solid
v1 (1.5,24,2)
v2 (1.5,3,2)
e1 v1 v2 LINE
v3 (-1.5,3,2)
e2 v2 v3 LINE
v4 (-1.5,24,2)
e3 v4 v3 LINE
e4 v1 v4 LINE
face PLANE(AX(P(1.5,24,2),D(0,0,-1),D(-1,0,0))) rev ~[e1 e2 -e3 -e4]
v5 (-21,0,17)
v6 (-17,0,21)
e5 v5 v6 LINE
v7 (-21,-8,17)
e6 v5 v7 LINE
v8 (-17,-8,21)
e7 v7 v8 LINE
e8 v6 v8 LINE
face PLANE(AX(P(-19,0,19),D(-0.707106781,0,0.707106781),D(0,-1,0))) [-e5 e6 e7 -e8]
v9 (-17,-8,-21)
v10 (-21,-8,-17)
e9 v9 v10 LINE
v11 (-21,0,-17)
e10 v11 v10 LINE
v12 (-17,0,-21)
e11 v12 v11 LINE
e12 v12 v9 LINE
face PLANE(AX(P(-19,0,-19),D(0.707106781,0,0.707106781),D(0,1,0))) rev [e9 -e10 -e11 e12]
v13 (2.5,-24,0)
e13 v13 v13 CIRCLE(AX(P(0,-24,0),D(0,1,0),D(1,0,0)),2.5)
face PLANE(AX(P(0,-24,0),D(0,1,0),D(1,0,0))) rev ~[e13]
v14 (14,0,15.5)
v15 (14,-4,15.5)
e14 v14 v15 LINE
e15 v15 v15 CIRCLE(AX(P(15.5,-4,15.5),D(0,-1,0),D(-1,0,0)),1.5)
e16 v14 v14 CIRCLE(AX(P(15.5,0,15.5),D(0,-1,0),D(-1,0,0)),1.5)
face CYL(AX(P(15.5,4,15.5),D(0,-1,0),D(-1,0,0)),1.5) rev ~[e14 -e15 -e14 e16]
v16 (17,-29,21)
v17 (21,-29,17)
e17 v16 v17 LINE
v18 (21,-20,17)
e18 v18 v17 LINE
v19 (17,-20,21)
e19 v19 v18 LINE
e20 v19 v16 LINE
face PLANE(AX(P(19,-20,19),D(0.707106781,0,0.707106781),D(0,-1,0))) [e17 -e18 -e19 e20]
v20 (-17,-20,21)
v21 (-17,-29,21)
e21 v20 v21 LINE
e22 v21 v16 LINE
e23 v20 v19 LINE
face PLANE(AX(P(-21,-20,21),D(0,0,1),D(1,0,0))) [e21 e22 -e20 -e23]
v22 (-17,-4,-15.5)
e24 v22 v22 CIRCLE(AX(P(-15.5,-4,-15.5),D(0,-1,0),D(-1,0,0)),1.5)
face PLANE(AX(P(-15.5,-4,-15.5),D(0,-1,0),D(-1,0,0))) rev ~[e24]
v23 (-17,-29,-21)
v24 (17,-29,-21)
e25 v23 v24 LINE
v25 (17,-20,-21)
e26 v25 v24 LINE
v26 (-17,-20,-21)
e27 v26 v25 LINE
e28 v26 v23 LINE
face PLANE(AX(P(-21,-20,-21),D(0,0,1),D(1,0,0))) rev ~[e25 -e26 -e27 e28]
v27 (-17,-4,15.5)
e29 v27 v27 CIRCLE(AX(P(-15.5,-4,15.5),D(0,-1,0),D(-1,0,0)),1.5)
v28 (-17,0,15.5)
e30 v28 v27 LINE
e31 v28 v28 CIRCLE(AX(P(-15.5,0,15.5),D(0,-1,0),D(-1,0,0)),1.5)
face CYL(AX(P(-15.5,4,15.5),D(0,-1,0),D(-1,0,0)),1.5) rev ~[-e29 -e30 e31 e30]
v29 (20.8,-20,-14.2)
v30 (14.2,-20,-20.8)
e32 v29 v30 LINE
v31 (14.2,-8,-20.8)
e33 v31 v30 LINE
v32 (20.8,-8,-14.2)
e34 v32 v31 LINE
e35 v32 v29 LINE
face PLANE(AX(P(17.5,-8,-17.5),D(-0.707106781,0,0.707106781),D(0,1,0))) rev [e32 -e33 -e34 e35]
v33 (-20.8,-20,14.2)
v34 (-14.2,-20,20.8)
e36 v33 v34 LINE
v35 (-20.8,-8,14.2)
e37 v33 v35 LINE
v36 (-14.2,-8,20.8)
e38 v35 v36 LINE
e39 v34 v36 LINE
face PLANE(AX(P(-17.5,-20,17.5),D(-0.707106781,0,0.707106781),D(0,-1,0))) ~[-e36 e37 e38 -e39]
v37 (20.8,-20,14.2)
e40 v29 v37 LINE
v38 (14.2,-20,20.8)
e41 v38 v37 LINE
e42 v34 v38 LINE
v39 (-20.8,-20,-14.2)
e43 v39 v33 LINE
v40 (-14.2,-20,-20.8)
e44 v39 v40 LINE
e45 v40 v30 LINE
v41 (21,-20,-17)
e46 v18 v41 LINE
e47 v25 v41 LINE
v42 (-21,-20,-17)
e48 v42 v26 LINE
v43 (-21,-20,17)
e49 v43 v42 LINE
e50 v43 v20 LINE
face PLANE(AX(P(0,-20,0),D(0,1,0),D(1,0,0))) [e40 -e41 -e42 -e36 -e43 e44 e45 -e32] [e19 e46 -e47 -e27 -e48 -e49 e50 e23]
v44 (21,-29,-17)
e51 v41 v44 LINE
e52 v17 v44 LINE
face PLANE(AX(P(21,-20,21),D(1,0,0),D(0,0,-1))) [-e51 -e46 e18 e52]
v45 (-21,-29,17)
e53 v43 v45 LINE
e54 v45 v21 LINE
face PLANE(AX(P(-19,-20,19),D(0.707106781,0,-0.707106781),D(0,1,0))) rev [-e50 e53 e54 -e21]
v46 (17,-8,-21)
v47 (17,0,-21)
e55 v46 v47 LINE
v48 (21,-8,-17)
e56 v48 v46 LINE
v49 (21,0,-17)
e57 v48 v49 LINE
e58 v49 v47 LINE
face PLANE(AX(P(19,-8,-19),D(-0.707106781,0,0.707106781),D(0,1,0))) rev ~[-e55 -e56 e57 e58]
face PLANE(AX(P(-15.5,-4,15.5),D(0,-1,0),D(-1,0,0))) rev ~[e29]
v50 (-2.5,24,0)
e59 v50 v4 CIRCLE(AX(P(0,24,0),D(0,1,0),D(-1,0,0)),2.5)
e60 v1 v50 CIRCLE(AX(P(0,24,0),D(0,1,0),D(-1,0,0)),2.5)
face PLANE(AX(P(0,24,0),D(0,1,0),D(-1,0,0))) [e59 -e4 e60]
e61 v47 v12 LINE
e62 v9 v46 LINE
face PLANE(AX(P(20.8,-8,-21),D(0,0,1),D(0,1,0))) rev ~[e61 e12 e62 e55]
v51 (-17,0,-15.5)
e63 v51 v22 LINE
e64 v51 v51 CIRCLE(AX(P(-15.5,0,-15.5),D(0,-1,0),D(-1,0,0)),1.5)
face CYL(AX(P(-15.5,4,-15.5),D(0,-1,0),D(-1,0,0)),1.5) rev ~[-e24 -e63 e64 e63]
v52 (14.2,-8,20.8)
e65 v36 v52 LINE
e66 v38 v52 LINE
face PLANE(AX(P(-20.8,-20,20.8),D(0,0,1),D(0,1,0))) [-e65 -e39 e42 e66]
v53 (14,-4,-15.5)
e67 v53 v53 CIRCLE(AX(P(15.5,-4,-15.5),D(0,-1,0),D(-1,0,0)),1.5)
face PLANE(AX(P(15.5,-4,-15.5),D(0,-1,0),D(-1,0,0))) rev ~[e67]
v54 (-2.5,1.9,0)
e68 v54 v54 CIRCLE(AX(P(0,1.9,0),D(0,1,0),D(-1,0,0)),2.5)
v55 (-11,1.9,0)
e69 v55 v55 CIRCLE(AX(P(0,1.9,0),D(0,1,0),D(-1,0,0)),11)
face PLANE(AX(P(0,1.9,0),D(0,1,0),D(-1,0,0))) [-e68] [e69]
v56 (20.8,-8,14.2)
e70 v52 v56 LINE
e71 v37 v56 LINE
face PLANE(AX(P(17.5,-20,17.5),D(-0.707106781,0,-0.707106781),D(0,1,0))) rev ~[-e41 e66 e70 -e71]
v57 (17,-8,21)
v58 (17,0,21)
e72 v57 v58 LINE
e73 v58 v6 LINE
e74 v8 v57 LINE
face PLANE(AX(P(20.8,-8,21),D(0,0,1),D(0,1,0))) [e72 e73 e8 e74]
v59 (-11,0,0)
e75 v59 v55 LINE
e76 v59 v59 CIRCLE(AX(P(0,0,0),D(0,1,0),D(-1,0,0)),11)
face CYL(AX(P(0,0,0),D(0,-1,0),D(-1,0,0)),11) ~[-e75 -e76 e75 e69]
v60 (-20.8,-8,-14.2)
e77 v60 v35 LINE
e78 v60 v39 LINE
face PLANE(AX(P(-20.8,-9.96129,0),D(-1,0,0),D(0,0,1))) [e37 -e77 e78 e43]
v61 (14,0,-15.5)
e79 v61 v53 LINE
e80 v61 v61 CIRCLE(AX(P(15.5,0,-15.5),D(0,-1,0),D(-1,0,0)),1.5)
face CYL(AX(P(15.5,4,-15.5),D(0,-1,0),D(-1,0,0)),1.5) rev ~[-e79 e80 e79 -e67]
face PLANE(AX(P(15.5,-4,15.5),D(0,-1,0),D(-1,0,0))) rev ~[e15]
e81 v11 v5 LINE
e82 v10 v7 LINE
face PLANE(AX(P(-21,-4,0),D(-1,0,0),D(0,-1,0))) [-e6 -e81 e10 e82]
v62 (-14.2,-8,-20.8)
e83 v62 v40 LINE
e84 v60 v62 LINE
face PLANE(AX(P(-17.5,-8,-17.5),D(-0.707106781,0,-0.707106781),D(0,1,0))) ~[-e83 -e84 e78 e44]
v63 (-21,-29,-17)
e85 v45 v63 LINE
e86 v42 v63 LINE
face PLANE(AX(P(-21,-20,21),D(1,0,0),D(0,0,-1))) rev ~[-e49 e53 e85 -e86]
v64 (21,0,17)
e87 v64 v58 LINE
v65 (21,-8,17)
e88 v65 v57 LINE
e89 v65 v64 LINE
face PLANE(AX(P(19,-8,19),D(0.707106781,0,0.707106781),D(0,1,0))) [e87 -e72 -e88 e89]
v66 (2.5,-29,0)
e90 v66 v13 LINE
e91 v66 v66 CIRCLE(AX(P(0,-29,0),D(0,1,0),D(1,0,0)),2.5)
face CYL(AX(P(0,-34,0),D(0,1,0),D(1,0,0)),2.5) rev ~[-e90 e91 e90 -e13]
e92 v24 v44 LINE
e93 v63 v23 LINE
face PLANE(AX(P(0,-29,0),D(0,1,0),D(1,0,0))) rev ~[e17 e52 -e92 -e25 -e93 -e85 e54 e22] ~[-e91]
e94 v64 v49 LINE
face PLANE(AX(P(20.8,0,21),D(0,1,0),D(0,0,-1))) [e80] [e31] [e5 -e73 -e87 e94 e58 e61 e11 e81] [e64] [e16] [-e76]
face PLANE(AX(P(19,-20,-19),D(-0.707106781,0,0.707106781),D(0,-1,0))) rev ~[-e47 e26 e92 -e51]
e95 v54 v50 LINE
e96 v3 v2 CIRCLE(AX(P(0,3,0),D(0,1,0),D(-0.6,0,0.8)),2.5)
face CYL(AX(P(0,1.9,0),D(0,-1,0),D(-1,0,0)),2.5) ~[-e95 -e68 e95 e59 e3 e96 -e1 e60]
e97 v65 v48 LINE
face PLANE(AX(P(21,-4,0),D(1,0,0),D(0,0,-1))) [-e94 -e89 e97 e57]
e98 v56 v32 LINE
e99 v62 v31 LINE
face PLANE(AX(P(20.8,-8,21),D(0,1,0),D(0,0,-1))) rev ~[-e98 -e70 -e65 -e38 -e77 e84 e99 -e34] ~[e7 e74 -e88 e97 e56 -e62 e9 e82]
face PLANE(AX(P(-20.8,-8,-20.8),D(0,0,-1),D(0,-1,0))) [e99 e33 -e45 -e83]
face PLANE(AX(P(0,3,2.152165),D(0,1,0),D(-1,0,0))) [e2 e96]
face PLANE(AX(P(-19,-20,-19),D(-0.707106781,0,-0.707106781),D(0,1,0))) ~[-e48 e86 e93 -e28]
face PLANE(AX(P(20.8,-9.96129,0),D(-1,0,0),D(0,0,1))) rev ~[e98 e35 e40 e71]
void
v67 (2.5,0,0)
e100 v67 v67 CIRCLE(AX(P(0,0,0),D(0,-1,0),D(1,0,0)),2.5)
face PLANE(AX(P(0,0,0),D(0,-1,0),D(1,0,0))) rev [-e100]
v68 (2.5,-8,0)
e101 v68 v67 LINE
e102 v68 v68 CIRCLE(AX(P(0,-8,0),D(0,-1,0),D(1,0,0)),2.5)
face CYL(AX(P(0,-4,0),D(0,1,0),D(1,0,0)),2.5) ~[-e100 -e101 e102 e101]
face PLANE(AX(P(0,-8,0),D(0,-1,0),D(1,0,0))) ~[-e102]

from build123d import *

# Parameters (mm, degrees)
SKETCH_1_W                = 8
SKETCH_1_H                = 42
EXTRUDE_1_DEPTH           = 0.2
EXTRUDE_2_DEPTH           = 41.6
SKETCH_3_W                = 42
SKETCH_3_H                = 8
EXTRUDE_3_DEPTH           = 0.2
SKETCH_4_W                = 42
SKETCH_4_H                = 42
EXTRUDE_4_DEPTH           = 9
SKETCH_5_R                = 11
EXTRUDE_5_DEPTH           = 1.9
SKETCH_6_R                = 2.5
EXTRUDE_6_DEPTH           = 22.1
CUT_EXTRUDE_1_DEPTH       = 21
SKETCH_8_W                = 2.5
SKETCH_8_H                = 8
HOLE_WIZARD_5_0_5_1_D     = 5
HOLE_WIZARD_5_0_5_1_DEPTH = 5
HOLE_WIZARD_3_0_3_1_D     = 3
HOLE_WIZARD_3_0_3_1_DEPTH = 4
CHAMFER_1_SIZE            = 6.6
CHAMFER_2_SIZE            = 4


with BuildPart() as part:
    # 스케치1 → 보스-돌출1 (new body)
    with BuildSketch(Plane(origin=(-21, 0, 0), x_dir=(0, -1, 0), z_dir=(-1, 0, 0))):
        with Locations((4, 0)):
            Rectangle(SKETCH_1_W, SKETCH_1_H)
    extrude(amount=-EXTRUDE_1_DEPTH)

    # 스케치2 → 보스-돌출2 (add)
    with BuildSketch(Plane(origin=(-20.8, 0, 0), x_dir=(0, 0, -1), z_dir=(1, 0, 0))):
        Polygon((20.8, -8), (20.8, -20), (-20.8, -20), (-20.8, -8), (-21, -8), (-21, 0), (21, 0), (21, -8), align=None)
    extrude(amount=EXTRUDE_2_DEPTH)

    # 스케치3 → 보스-돌출3 (add)
    with BuildSketch(Plane(origin=(20.8, 0, 0), x_dir=(0, 0, -1), z_dir=(1, 0, 0))):
        with Locations((0, -4)):
            Rectangle(SKETCH_3_W, SKETCH_3_H)
    extrude(amount=EXTRUDE_3_DEPTH)

    # 스케치4 → 보스-돌출4 (add)
    with BuildSketch(Plane(origin=(0, -20, 0), x_dir=(1, 0, 0), z_dir=(0, 1, 0))):
        Rectangle(SKETCH_4_W, SKETCH_4_H)
    extrude(amount=-EXTRUDE_4_DEPTH)

    # 스케치5 → 보스-돌출5 (add)
    with BuildSketch(Plane(origin=(0, 0, 0), x_dir=(-1, 0, 0), z_dir=(0, 1, 0))):
        Circle(SKETCH_5_R)
    extrude(amount=EXTRUDE_5_DEPTH)

    # 스케치6 → 보스-돌출6 (add)
    with BuildSketch(Plane(origin=(0, 1.9, 0), x_dir=(-1, 0, 0), z_dir=(0, 1, 0))):
        Circle(SKETCH_6_R)
    extrude(amount=EXTRUDE_6_DEPTH)

    # 스케치7 → 컷-돌출1 (cut)
    with BuildSketch(Plane(origin=(0, 24, 0), x_dir=(-1, 0, 0), z_dir=(0, 1, 0))):
        with BuildLine():
            Line((-1.5, 2), (1.5, 2))
            ThreePointArc((1.5, 2), (0, 2.5), (-1.5, 2))
        make_face()
    extrude(amount=-CUT_EXTRUDE_1_DEPTH, mode=Mode.SUBTRACT)

    # 스케치8 → 컷-회전1 (revolve, cut)
    with BuildSketch(Plane.XY):
        with Locations((1.25, -4)):
            Rectangle(SKETCH_8_W, SKETCH_8_H)
    revolve(axis=Axis((0, 0, 0), (0, -1, 0)), mode=Mode.SUBTRACT)

    # Ø5.0 (5) 지름 구멍1
    with Locations(Plane(origin=(0, -29, 0), x_dir=(-1, 0, 0), z_dir=(0, -1, 0))):
        with Locations((0, 0)):
            Hole(HOLE_WIZARD_5_0_5_1_D / 2, depth=HOLE_WIZARD_5_0_5_1_DEPTH)

    # Ø3.0 (3) 지름 구멍1
    with Locations(Plane(origin=(0, 0, 0), x_dir=(1, 0, 0), z_dir=(0, 1, 0))):
        with Locations((-15.5, 15.5), (15.5, -15.5), (15.5, 15.5), (-15.5, -15.5)):
            Hole(HOLE_WIZARD_3_0_3_1_D / 2, depth=HOLE_WIZARD_3_0_3_1_DEPTH)

    # 모따기1
    chamfer_1_edges = [part.edges().sort_by_distance(p)[0] for p in [
        (-20.8, -14, 20.8),
        (-20.8, -14, -20.8),
        (20.8, -14, 20.8),
        (20.8, -14, -20.8),
    ]]
    chamfer(chamfer_1_edges, length=CHAMFER_1_SIZE)

    # 모따기2
    chamfer_2_edges = [part.edges().sort_by_distance(p)[0] for p in [
        (21, -4, -21),
        (21, -4, 21),
        (-21, -24.5, 21),
        (-21, -24.5, -21),
        (21, -24.5, -21),
        (21, -24.5, 21),
        (-21, -4, 21),
        (-21, -4, -21),
    ]]
    chamfer(chamfer_2_edges, length=CHAMFER_2_SIZE)


solid = part.part
